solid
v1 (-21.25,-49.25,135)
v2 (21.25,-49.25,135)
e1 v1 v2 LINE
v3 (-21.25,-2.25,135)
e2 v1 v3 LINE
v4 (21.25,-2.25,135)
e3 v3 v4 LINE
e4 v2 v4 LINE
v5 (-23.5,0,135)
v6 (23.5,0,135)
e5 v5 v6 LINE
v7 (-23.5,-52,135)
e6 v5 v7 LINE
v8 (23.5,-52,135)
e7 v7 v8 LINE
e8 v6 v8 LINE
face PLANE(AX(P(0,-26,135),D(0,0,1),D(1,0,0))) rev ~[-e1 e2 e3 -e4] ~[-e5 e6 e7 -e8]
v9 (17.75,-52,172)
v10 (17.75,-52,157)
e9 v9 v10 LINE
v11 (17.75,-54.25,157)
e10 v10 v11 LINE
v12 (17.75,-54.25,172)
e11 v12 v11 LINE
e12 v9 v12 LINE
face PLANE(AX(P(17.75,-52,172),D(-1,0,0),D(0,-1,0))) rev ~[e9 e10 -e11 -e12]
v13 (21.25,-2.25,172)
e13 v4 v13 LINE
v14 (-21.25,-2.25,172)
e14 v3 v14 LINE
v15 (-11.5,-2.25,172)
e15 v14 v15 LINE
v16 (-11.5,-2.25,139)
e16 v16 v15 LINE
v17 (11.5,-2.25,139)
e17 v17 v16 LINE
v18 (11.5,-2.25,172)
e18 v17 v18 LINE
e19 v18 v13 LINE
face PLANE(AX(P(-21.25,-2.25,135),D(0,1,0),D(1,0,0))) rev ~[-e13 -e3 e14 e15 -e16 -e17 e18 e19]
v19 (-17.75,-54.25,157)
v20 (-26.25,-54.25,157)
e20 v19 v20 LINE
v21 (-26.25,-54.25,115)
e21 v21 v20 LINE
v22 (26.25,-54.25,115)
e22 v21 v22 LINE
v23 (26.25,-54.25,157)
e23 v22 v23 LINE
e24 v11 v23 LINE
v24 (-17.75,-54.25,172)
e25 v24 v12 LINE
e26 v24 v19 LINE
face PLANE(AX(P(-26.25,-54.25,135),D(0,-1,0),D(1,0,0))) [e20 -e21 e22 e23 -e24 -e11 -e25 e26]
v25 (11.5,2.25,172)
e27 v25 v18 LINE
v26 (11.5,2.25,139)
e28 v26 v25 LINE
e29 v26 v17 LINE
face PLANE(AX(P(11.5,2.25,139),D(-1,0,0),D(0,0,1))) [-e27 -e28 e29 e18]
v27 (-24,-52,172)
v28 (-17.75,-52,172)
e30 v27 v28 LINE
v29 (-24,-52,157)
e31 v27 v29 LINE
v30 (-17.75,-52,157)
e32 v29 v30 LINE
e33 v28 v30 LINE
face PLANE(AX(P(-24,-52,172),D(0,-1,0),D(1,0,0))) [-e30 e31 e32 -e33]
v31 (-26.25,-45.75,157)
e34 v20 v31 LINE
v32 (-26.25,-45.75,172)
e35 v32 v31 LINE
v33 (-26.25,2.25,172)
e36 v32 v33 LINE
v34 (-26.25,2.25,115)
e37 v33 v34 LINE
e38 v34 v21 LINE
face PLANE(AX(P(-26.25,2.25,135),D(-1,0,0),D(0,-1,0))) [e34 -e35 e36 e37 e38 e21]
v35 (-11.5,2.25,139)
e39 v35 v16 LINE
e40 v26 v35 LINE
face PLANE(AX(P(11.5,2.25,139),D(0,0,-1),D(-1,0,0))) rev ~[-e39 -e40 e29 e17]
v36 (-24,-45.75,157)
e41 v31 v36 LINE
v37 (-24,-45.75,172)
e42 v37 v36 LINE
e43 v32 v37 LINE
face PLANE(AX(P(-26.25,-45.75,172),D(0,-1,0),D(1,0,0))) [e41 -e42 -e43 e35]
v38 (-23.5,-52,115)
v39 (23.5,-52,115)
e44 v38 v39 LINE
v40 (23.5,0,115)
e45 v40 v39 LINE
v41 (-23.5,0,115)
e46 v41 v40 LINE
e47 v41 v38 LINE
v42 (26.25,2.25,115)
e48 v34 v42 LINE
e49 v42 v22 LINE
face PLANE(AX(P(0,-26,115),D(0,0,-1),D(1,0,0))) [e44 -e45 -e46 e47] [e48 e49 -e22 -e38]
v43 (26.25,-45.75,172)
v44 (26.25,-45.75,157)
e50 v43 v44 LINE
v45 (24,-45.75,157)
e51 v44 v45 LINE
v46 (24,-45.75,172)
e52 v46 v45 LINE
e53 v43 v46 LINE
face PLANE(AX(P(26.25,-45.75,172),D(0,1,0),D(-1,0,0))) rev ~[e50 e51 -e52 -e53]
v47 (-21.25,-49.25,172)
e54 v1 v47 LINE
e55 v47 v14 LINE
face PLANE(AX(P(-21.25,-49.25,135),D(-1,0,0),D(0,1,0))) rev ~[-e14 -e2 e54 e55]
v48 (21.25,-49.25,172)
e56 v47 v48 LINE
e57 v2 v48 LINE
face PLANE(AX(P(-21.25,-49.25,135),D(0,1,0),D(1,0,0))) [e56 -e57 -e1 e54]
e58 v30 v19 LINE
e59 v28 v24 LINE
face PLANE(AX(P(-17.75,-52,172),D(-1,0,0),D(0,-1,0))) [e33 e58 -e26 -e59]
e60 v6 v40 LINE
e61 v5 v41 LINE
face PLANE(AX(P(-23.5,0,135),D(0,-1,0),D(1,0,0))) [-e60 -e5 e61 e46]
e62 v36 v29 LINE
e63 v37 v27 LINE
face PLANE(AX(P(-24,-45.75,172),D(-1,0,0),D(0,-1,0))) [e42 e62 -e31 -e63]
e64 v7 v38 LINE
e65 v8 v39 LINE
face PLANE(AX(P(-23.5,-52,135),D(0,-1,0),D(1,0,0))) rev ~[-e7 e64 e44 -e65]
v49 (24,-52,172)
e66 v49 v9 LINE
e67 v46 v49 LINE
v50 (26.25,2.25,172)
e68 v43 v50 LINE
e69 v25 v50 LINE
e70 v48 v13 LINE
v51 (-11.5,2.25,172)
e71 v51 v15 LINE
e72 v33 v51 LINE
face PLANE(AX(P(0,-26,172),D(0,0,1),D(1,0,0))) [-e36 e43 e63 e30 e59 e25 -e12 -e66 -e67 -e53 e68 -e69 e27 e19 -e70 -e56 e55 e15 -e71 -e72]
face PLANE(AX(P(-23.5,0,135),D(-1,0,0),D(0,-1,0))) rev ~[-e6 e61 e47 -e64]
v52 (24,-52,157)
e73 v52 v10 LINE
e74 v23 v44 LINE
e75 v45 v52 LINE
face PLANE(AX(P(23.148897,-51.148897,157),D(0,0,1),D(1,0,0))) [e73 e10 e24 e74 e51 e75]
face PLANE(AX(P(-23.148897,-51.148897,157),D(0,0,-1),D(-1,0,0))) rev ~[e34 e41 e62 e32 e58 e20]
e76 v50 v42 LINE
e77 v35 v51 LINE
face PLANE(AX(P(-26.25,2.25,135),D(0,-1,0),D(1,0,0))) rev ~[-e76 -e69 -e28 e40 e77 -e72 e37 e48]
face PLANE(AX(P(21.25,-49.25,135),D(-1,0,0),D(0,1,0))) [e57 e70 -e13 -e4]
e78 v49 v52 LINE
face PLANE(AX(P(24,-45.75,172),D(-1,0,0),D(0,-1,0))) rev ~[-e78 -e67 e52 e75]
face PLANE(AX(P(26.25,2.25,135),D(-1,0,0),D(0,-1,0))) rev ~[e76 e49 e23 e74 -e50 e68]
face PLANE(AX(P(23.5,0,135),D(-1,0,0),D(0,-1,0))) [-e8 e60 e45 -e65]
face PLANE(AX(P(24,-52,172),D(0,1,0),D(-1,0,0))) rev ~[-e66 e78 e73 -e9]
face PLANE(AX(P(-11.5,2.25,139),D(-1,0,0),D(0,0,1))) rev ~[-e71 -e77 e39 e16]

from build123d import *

# Parameters (mm, degrees)
SKETCH112_W     = 52.5
SKETCH112_H     = 56.5
SKETCH112_W_2   = 42.5
SKETCH112_H_2   = 47
PAD058_DEPTH    = 37
SKETCH113_W     = 23
SKETCH113_H     = 33
POCKET050_DEPTH = 5
SKETCH114_W     = 52.5
SKETCH114_H     = 56.5
SKETCH114_W_2   = 47
SKETCH114_H_2   = 52
PAD059_DEPTH    = 20
POCKET060_DEPTH = 15


with BuildPart() as part:
    # Sketch112 → Pad058 (new body)
    with BuildSketch(Plane.XY):
        with Locations((0, -26)):
            Rectangle(SKETCH112_W, SKETCH112_H)
        with Locations((0, -25.75)):
            Rectangle(SKETCH112_W_2, SKETCH112_H_2, mode=Mode.SUBTRACT)
    extrude(amount=PAD058_DEPTH)

    # Sketch113 (on Face1 of Pad058) → Pocket050 (cut)
    with BuildSketch(Plane(origin=(0, 2.25, 0), x_dir=(-1, 0, 0), z_dir=(0, 1, 0))):
        with Locations((0, 20.5)):
            Rectangle(SKETCH113_W, SKETCH113_H)
    extrude(amount=-POCKET050_DEPTH, mode=Mode.SUBTRACT)

    # Sketch114 (on Face2 of Pocket050) → Pad059 (join)
    with BuildSketch(Plane(origin=(0, 0, 0), x_dir=(1, 0, 0), z_dir=(0, 0, -1))):
        with Locations((0, 26)):
            Rectangle(SKETCH114_W, SKETCH114_H)
        with Locations((0, 26)):
            Rectangle(SKETCH114_W_2, SKETCH114_H_2, mode=Mode.SUBTRACT)
    extrude(amount=PAD059_DEPTH)

    # Sketch136 (on Face1 of Pad059) → Pocket060 (cut)
    with BuildSketch(Plane.XY.offset(37)):
        Polygon((-26.25, -54.25), (-26.25, -45.75), (-24, -45.75), (-24, -52), (-17.75, -52), (-17.75, -54.25), align=None)
        Polygon((26.25, -54.25), (26.25, -45.75), (24, -45.75), (24, -52), (17.75, -52), (17.75, -54.25), align=None)
    extrude(amount=-POCKET060_DEPTH, mode=Mode.SUBTRACT)


with BuildPart() as part_1:
    # Body032 placement: moved
    add(part.part.moved(Location((0, 0, 135))))


solid = part_1.part
